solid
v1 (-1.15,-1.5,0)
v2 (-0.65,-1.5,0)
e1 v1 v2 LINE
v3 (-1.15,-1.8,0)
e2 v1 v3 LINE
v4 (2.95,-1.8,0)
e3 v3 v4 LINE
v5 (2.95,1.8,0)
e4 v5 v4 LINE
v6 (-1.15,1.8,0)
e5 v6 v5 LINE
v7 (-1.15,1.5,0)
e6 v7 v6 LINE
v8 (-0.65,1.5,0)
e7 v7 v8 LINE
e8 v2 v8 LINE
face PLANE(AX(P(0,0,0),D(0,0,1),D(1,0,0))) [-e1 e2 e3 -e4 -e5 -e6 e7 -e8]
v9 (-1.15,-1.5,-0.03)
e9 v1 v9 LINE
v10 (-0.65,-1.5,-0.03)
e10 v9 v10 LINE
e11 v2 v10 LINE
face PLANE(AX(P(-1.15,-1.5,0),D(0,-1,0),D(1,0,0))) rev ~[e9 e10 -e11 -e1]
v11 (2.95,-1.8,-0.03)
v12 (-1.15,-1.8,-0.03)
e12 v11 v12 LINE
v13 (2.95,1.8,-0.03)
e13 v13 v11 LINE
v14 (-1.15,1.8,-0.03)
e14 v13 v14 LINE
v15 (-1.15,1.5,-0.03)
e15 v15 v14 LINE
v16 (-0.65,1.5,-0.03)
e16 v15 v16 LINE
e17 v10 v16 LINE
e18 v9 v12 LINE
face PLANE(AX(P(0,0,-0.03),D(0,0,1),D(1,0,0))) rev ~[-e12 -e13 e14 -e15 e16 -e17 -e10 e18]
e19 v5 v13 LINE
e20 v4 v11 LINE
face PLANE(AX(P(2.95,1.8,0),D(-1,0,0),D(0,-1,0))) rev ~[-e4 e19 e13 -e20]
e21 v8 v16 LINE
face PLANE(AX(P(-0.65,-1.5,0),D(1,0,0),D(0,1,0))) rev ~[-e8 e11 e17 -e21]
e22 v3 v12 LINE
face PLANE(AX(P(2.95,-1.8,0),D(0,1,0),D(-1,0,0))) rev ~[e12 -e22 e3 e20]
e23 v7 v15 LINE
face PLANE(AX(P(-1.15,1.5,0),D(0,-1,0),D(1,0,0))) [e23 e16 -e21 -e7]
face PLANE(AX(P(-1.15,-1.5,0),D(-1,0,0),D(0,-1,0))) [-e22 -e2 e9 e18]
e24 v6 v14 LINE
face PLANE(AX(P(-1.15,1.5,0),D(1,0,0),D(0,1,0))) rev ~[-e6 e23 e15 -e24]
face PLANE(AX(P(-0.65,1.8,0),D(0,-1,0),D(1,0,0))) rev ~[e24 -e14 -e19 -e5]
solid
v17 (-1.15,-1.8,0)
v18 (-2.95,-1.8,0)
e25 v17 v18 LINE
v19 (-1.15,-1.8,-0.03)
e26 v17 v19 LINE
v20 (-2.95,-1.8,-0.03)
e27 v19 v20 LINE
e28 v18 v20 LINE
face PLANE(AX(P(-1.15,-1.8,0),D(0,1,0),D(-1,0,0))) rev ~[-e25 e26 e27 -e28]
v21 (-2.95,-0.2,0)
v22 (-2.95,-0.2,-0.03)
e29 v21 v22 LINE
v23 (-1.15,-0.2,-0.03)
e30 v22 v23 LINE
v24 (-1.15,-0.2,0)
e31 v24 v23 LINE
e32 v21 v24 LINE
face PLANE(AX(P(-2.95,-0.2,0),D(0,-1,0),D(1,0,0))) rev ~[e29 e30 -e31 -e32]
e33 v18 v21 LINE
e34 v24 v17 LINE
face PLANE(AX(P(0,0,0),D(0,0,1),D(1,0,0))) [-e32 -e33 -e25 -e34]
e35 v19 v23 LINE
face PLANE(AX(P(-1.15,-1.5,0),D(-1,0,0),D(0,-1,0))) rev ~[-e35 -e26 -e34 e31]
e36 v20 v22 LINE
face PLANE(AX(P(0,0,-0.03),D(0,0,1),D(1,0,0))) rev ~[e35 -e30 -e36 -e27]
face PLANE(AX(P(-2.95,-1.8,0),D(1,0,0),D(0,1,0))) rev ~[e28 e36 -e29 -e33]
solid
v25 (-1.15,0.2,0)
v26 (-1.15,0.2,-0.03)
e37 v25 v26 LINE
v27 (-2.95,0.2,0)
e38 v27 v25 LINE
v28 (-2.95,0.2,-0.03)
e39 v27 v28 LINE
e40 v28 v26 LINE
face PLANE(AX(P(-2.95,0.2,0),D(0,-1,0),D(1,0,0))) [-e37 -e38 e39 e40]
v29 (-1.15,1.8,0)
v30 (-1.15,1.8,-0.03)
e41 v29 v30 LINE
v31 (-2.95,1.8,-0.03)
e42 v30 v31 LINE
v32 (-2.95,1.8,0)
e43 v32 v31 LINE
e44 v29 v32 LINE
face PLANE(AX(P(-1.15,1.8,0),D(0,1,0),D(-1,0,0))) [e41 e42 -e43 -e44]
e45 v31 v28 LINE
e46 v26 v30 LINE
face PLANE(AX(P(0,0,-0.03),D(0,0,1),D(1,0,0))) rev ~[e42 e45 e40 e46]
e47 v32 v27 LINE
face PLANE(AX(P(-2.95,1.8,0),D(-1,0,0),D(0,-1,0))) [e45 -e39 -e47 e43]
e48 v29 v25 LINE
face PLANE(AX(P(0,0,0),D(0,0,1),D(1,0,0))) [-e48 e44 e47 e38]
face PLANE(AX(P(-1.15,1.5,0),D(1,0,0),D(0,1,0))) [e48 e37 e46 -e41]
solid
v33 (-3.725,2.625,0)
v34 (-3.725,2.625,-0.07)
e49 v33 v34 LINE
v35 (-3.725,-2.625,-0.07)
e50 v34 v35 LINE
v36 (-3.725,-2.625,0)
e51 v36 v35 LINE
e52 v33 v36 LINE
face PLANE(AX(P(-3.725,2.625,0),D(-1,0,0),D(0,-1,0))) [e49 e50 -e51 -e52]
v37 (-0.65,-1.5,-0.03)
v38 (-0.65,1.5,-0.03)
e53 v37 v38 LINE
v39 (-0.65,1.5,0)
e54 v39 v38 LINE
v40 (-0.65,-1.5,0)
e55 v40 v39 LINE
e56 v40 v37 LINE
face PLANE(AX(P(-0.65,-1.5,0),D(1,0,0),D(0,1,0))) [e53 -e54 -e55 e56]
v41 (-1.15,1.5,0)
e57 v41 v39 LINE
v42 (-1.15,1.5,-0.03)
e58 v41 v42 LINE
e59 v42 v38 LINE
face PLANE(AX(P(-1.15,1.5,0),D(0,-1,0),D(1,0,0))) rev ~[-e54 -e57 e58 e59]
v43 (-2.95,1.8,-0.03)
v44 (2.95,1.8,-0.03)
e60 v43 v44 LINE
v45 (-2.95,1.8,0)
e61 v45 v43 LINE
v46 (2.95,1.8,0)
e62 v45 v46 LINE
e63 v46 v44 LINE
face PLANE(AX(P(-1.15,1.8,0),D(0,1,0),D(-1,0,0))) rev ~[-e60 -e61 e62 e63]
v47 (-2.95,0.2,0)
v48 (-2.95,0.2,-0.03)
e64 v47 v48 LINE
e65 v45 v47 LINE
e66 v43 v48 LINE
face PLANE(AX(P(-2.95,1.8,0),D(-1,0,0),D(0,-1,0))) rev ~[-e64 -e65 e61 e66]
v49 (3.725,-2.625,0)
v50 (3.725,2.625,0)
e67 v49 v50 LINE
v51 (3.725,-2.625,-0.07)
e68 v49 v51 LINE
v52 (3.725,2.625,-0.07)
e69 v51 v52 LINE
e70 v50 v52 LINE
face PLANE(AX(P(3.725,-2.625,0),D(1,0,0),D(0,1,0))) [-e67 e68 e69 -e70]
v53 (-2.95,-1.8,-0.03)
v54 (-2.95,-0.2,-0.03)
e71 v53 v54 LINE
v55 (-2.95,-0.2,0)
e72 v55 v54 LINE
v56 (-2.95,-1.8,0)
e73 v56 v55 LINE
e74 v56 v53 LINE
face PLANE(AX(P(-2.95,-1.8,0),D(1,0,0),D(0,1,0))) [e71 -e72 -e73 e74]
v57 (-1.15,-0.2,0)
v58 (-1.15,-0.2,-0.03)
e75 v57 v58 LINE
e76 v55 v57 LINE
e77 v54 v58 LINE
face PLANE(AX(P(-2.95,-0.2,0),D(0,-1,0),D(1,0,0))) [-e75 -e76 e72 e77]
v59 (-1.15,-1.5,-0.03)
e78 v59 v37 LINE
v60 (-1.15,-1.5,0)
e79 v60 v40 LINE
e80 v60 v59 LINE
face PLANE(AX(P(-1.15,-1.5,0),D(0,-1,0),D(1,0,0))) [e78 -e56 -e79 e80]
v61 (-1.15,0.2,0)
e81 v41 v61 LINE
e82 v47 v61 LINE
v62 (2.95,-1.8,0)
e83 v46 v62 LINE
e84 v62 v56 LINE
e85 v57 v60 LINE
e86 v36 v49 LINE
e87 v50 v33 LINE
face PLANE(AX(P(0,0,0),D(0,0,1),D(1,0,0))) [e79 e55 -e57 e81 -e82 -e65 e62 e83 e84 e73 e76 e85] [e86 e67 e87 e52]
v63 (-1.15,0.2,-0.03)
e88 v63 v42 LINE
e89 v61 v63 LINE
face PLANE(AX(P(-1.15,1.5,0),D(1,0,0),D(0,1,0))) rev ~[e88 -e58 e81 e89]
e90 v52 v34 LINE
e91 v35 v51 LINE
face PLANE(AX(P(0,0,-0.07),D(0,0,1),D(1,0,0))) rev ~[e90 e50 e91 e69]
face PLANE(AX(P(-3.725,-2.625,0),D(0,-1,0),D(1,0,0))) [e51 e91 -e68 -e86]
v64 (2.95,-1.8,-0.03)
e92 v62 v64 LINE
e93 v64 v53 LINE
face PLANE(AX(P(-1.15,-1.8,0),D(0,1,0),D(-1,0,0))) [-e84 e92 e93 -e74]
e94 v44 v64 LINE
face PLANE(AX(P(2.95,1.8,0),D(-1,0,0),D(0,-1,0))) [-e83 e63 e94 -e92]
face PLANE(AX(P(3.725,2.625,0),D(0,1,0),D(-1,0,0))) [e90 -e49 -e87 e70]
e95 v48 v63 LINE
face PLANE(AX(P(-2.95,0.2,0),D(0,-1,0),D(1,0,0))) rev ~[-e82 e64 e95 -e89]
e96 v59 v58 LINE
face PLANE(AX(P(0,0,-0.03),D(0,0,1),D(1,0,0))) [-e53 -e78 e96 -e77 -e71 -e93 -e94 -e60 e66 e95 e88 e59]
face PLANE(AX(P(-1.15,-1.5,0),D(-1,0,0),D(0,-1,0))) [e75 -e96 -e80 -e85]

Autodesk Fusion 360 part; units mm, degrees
sketch "Sketch1" plane through (0, 0, 0) normal (0, 0, 1) x (1, 0, 0)
  line L0 (3.725, 2.625) -> (-3.725, 2.625)
  line L1 (-3.725, 2.625) -> (-3.725, -2.625)
  line L2 (-3.725, -2.625) -> (3.725, -2.625)
  line L3 (3.725, -2.625) -> (3.725, 2.625)
  line L4 (3.725, 2.625) -> (-3.725, -2.625) construction
  line L5 (-3.725, 2.625) -> (3.725, -2.625) construction
  line L6 (-0.65, 1.8) -> (2.95, 1.8)
  line L7 (2.95, 1.8) -> (2.95, -1.8)
  line L8 (2.95, -1.8) -> (-0.65, -1.8)
  line L9 (-0.65, -1.8) -> (-0.65, 1.8)
  line L10 (-3.725, 0) -> (3.725, 0) construction
  line L11 (-1.15, 1.8) -> (-2.95, 1.8)
  line L12 (-2.95, 1.8) -> (-2.95, 0.2)
  line L13 (-2.95, 0.2) -> (-1.15, 0.2)
  line L14 (-1.15, 0.2) -> (-1.15, 1.8)
  line L15 (-1.15, 1.5) -> (-0.65, 1.5)
  line L16 (-1.15, 1.8) -> (-0.65, 1.8)
  line L17 (-2.95, 1.8) -> (-3.725, 1.8) construction
  line L18 (2.95, 1.8) -> (3.725, 1.8) construction
  line L19 (-1.15, -1.8) -> (-2.95, -1.8)
  line L20 (-1.15, -0.2) -> (-1.15, -1.8)
  line L21 (-2.95, -0.2) -> (-1.15, -0.2)
  line L22 (-2.95, -1.8) -> (-2.95, -0.2)
  line L23 (-1.15, -1.5) -> (-0.65, -1.5)
  line L24 (-1.15, -1.8) -> (-0.65, -1.8)
  dimension "d1" = 5.25
  dimension "d2" = 7.45
  dimension "d5" = 3.6
  dimension "d6" = 3.6
  dimension "d8" = 1.8
  dimension "d9" = 1.6
  dimension "d11" = 0.3
  dimension "d12" = 0.5
extrude "Extrude1" add sketch "Sketch1" against normal blind 0.07 contours L0 L1 L2 L3 | L6 L7 L8 L9 | L9 L14 L15 L16 | L11 L12 L13 L14 | L9 L20 L23 L24 | L19 L20 L21 L22 makes body 1
extrude "Extrude2" add sketch "Sketch1" against normal blind 0.03 separate body contours L6 L7 L8 L9 | L9 L14 L15 L16 | L9 L20 L23 L24 makes body 2
extrude "Extrude3" add sketch "Sketch1" against normal blind 0.03 separate body contours L11 L12 L13 L14 | L19 L20 L21 L22 makes body 3 at (-1.75, -1.2667, 0) makes body 4 at (-2.35, 1.2667, 0)
combine "Combine1" operation cut target body 1 tool bodies 2 4 3 keep tools
